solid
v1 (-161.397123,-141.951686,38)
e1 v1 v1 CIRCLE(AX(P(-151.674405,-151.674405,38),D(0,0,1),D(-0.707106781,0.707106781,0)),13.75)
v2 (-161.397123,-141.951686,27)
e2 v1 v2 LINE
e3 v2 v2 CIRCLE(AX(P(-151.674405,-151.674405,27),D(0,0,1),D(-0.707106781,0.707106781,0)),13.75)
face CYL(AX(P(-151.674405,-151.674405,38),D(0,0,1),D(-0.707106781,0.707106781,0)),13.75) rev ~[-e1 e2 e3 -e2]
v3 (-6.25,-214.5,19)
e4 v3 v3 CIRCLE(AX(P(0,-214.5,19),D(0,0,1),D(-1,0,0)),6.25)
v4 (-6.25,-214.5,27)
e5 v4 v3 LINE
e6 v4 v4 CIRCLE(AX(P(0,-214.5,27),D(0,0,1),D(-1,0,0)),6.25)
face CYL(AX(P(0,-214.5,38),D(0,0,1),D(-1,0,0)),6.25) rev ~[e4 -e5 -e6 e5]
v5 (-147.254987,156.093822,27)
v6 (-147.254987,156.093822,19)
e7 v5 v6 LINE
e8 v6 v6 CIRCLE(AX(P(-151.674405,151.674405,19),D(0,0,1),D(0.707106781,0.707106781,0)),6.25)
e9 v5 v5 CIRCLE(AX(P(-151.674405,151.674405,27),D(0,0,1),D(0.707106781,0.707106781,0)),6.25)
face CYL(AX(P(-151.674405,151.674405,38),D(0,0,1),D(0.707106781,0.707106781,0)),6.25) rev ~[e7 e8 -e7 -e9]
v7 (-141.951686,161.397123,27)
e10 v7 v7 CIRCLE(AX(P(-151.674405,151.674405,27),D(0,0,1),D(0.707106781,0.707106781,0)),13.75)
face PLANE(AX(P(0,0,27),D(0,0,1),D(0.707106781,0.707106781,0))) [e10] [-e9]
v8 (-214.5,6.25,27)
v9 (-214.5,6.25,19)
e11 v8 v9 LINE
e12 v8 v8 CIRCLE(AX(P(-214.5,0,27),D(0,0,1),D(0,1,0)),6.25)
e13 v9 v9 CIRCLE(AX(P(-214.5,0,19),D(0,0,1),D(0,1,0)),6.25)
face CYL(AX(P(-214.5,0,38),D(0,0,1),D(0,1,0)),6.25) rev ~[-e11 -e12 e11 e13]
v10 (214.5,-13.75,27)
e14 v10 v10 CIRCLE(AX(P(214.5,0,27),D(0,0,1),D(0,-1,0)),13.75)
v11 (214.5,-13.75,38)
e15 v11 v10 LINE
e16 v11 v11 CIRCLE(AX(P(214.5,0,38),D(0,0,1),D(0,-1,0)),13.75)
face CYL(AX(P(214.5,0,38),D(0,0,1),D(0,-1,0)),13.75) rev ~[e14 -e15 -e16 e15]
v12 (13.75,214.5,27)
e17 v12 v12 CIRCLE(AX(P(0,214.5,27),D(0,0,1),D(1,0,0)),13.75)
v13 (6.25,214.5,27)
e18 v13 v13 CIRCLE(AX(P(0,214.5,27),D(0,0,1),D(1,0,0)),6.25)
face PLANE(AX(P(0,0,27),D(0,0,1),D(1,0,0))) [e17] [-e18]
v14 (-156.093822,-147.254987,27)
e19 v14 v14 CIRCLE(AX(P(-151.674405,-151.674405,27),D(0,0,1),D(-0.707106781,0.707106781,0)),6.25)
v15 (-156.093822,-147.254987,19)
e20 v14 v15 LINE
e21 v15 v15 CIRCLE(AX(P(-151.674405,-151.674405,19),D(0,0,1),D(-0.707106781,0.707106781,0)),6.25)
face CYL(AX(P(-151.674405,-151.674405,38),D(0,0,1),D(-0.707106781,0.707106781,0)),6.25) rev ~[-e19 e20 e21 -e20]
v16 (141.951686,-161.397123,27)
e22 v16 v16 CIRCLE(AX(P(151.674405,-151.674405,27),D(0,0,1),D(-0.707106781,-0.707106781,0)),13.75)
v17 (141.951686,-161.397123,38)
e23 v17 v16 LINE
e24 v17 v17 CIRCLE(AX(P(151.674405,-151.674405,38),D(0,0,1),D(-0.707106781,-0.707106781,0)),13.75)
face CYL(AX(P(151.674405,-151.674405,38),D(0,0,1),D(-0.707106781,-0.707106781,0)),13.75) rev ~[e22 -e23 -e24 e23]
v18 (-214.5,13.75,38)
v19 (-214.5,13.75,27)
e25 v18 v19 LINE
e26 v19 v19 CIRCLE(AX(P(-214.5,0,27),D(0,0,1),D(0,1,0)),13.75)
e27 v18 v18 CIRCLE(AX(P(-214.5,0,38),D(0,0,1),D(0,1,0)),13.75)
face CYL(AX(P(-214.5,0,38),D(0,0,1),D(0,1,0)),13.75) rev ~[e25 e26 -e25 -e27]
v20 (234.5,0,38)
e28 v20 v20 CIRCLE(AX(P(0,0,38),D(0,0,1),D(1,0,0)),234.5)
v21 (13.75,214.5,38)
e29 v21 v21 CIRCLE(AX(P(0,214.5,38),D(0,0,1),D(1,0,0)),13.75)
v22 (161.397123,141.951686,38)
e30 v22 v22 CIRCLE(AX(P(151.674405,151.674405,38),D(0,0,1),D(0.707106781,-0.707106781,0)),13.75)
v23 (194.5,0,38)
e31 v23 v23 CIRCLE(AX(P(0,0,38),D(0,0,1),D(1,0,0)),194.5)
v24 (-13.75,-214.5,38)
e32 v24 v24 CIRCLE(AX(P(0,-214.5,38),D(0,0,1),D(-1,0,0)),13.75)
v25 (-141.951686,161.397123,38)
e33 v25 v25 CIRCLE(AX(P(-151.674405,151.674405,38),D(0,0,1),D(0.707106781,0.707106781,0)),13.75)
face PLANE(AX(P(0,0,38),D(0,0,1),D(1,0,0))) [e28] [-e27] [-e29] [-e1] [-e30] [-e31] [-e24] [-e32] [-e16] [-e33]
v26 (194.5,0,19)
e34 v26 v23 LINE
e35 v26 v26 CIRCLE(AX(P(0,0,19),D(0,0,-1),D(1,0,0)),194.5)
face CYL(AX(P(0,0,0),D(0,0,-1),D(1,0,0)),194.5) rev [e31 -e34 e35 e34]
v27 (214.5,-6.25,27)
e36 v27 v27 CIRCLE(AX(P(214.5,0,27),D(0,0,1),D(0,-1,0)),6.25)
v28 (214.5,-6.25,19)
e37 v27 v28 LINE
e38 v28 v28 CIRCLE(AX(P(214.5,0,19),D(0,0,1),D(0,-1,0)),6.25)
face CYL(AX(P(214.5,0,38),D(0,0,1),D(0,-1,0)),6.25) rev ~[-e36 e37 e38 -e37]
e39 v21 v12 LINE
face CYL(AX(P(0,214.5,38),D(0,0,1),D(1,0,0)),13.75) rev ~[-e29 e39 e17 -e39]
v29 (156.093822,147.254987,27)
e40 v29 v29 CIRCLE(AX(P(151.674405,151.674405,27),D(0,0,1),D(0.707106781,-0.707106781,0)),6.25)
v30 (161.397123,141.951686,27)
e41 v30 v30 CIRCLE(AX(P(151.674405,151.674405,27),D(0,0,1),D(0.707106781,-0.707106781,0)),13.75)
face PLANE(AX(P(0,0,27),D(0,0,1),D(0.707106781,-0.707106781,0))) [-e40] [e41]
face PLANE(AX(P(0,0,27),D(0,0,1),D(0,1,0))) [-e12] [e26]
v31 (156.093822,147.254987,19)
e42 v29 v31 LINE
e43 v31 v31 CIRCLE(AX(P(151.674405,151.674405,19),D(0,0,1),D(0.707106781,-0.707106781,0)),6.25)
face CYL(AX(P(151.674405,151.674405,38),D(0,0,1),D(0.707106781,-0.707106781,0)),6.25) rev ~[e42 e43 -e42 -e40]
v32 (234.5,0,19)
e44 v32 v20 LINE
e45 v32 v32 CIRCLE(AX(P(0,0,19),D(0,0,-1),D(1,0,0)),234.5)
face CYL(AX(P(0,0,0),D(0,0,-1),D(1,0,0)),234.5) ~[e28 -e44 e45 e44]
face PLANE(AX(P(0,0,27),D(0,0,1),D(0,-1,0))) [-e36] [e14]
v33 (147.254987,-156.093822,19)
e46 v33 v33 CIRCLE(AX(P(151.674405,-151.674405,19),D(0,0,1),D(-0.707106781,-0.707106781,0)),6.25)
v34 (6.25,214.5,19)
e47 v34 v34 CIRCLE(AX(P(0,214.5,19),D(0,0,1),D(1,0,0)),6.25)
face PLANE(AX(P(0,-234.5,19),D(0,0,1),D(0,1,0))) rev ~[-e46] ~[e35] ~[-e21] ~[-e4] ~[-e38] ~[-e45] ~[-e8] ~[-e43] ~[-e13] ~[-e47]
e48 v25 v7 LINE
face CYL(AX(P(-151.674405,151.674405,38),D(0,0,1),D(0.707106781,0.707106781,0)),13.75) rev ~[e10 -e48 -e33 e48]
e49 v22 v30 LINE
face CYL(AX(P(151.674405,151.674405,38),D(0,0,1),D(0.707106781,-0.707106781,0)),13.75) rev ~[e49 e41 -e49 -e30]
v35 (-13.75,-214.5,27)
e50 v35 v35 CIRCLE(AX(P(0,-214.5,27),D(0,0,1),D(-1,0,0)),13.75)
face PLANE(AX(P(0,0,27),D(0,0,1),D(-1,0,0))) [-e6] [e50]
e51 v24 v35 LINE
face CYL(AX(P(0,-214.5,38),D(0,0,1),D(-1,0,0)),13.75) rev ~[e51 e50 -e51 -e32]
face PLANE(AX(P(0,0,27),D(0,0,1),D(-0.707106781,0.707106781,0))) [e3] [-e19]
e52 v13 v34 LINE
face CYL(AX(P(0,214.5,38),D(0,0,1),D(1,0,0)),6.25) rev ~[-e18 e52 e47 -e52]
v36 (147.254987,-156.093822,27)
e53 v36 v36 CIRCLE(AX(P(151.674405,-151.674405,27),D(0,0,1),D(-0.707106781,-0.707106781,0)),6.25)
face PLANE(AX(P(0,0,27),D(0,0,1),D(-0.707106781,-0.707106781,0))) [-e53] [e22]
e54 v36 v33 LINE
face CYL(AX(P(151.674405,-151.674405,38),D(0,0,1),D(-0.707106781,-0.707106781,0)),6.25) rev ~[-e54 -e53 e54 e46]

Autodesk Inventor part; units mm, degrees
ref_plane "YZ Plane" through (0, 0, 0) normal (1, 0, 0) x (0, 1, 0)
ref_plane "XZ Plane" through (0, 0, 0) normal (0, 1, 0) x (-1, 0, 0)
ref_plane "XY Plane" through (0, 0, 0) normal (0, 0, 1) x (1, 0, 0)
sketch "Sketch1" plane through (0, 0, 0) normal (0, 0, 1) x (1, 0, 0)
  circle A0 centre (0, 0) radius 194.5
  circle A1 centre (0, 0) radius 234.5
  dimension "d0" = 40
  dimension "d1" = 389
extrude "Extrusion1" add sketch "Sketch1" along normal blind 38
sketch "Sketch2" plane through (0, 0, 38) normal (0, 0, 1) x (1, 0, 0)
  circle A0 centre (0, 0) radius 234.5 construction
  circle A1 centre (0, 0) radius 194.5 construction
  line L0 (0, 234.5) -> (0, 194.5) construction
  circle A2 centre (0, 214.5) radius 6.25
  dimension "d4" = 12.5
extrude "Extrusion2" cut sketch "Sketch2" against normal through all
sketch "Sketch3" plane through (0, 0, 38) normal (0, 0, 1) x (1, 0, 0)
  circle A0 centre (0, 214.5) radius 6.25 projected
  circle A1 centre (0, 214.5) radius 13.75
  point P0 (0, 0)
  dimension "d10" = 27.5
extrude "Extrusion3" cut sketch "Sketch3" against normal blind 11
pattern_circular "Circular Pattern1" count 8 over 360 about axis through (0, 0, 0) along (0, 0, 1) of "Extrusion2", "Extrusion3"
sketch "Sketch4" plane through (0, 0, 0) normal (0, 0, -1) x (-1, 0, 0)
  circle A0 centre (0, 0) radius 234.5 projected
  circle A1 centre (0, 0) radius 239.5
  dimension "d13" = 5
extrude "Extrusion4" add sketch "Sketch4" against normal blind 9
sketch "Sketch5" plane through (0, 0, 0) normal (1, 0, 0) x (0, 1, 0)
  line L0 (234.5, 9) -> (234.5, 38) projected
  line L1 (239.5, 9) -> (-239.5, 9) projected
  line L2 (239.5, 0) -> (239.5, 9) projected
  line L3 (-239.5, 0) -> (239.5, 0) projected
  line L4 (-234.5, 9) -> (-234.5, 38) projected
  line L5 (-239.5, 0) -> (-239.5, 9) projected
  line L6 (-234.5, 19) -> (234.5, 19)
  point P0 (0, 0)
  dimension "d16" = 38
  dimension "d17" = 19
extrude "Extrusion5" cut sketch "Sketch5" along normal through all both and the other way through all
equation "\"d1\" = Вал_ось_диаметр_КОРМА"
equation "\"BendRadius\" = Thickness"
equation "\"BendReliefWidth\" = Thickness"
equation "\"BendReliefDepth\" = 0.5 * Thickness"
equation "\"CornerReliefSize\" = 4 * Thickness"
equation "\"MinimumRemnant\" = 2 * Thickness"
equation "\"TransitionRadius\" = BendRadius"
equation "\"JacobiRadiusSize\" = BendRadius"
equation "\"GapSize\" = Thickness"
equation "\"Вал_ось_диаметр_КОРМА\" = 389"
equation "\"Thickness\" = 19"
properties part number "ДМФ 01 32.1 Барабан Опорное кольцо КОРМА"
